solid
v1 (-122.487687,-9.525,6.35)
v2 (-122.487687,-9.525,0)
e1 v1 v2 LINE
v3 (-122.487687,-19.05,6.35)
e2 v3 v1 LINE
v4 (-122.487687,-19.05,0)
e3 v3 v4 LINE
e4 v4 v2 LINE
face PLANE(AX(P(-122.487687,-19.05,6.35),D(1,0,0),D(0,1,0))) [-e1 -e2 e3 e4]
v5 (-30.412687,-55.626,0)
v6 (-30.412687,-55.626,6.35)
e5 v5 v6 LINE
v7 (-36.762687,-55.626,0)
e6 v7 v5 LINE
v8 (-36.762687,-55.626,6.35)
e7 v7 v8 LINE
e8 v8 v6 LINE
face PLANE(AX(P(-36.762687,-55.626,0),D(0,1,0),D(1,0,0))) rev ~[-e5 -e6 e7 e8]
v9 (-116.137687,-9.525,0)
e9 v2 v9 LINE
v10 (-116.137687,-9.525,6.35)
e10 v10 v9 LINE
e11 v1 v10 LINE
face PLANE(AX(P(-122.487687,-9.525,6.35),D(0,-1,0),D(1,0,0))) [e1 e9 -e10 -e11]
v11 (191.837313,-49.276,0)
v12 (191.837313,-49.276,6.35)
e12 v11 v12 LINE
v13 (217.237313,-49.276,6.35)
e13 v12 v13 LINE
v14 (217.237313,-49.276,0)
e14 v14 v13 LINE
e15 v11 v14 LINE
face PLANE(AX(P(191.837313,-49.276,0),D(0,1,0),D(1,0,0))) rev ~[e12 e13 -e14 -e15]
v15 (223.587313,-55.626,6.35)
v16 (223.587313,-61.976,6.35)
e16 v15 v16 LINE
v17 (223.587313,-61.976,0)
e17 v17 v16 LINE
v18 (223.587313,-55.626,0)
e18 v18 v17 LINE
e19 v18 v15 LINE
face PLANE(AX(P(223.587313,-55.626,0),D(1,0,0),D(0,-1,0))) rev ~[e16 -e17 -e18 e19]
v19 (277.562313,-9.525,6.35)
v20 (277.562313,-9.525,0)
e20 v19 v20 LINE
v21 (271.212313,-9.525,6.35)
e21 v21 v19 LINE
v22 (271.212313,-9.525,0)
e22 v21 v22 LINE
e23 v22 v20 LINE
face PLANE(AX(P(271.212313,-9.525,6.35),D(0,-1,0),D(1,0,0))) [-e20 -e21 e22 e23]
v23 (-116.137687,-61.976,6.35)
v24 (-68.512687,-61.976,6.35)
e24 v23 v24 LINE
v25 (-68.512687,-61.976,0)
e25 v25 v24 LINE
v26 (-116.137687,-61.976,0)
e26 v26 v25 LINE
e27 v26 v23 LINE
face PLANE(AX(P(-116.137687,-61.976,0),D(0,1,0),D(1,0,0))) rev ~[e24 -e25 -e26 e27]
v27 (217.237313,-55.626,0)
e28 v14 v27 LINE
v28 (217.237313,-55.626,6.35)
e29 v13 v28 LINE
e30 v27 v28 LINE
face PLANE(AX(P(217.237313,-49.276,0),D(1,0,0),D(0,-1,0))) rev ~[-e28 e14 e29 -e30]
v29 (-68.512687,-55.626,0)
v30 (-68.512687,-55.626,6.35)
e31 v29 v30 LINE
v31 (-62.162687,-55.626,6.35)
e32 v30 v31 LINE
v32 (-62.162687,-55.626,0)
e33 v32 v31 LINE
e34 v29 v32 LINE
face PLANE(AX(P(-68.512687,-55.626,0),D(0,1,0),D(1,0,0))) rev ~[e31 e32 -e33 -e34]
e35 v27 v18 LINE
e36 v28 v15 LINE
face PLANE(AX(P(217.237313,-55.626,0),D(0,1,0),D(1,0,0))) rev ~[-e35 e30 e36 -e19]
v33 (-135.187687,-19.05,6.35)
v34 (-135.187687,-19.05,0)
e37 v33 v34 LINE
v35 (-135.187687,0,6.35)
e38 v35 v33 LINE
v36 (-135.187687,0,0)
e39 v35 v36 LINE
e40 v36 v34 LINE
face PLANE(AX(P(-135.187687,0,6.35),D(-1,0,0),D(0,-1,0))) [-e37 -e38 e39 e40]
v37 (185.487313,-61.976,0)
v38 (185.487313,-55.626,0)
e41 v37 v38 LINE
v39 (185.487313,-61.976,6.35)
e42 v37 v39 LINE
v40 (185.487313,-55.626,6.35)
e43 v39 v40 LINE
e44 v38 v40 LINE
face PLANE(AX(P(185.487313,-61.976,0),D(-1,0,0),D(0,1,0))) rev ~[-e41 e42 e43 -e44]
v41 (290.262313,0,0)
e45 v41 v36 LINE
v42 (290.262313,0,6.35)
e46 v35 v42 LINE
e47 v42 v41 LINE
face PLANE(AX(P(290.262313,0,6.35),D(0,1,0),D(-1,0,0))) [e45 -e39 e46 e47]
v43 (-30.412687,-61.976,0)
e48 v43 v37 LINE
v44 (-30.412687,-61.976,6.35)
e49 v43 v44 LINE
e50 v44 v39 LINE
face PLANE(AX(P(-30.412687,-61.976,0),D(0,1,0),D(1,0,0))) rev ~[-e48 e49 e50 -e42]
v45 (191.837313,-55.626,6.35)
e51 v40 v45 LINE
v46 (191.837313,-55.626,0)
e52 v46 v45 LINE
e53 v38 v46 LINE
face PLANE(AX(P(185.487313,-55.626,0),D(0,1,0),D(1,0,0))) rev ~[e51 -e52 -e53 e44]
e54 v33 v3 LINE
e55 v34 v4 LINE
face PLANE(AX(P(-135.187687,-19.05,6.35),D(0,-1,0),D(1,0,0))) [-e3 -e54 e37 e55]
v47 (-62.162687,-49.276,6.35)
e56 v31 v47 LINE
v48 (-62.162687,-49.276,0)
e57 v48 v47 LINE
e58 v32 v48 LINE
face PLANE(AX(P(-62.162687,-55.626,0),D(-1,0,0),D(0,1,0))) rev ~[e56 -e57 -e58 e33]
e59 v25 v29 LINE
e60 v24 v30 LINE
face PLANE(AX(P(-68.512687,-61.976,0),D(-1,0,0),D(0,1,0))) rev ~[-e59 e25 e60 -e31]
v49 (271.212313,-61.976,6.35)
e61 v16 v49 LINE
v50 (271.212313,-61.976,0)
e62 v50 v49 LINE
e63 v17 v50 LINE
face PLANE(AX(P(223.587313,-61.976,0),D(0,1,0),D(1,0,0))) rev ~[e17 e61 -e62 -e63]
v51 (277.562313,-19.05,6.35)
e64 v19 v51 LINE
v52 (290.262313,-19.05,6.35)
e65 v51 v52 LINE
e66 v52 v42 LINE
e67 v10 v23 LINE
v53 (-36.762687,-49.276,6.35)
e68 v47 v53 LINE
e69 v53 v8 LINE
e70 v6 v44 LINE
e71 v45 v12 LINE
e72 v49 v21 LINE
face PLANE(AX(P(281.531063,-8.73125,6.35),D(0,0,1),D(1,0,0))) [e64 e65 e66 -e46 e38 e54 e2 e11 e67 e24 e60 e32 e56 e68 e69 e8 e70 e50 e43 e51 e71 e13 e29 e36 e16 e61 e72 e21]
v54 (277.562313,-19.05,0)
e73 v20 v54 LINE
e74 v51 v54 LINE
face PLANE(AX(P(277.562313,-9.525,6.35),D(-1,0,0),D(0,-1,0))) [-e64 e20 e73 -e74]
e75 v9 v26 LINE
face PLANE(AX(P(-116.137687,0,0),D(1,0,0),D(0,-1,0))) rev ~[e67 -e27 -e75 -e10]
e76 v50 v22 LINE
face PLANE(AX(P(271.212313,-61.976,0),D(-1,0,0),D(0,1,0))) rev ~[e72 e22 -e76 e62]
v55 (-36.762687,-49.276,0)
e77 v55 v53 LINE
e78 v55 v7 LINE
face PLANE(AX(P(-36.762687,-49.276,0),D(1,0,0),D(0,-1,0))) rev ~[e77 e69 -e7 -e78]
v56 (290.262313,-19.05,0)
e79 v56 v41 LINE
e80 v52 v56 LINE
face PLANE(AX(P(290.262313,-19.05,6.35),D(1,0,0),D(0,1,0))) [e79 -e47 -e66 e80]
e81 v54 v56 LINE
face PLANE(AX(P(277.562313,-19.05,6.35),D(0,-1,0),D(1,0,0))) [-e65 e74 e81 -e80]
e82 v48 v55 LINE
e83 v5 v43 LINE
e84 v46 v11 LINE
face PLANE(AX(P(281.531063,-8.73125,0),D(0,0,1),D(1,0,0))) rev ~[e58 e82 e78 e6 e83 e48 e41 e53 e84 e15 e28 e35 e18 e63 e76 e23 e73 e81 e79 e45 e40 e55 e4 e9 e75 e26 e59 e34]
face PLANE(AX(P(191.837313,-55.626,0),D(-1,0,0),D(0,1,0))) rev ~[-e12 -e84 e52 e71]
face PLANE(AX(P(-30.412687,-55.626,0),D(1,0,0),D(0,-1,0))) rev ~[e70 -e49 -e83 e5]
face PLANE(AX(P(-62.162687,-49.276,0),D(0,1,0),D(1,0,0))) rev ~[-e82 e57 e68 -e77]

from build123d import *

# Parameters (mm, degrees)
F1_DEPTH = 6.35
F3_DEPTH = 6.35


with BuildPart() as f1:
    # F0 (on Top) → F1 (new body)
    with BuildSketch(Plane.XY):
        Polygon((-116.137687, 0), (-116.137687, -61.976), (-68.512687, -61.976), (-68.512687, -55.626), (-62.162687, -55.626), (-62.162687, -49.276), (-36.762687, -49.276), (-36.762687, -55.626), (-30.412687, -55.626), (-30.412687, -61.976), (185.487313, -61.976), (185.487313, -55.626), (191.837313, -55.626), (191.837313, -49.276), (217.237313, -49.276), (217.237313, -55.626), (223.587313, -55.626), (223.587313, -61.976), (271.212313, -61.976), (271.212313, 0), align=None)
    extrude(amount=F1_DEPTH)

    # F2 (on face) → F3 (join)
    with BuildSketch(Plane.XY.offset(6.35)):
        Polygon((290.262313, 0), (271.212313, 0), (271.212313, -9.525), (277.562313, -9.525), (277.562313, -19.05), (290.262313, -19.05), align=None)
        Polygon((-116.137687, -9.525), (-116.137687, 0), (-135.187687, 0), (-135.187687, -19.05), (-122.487687, -19.05), (-122.487687, -9.525), align=None)
    extrude(amount=-F3_DEPTH)


solid = f1.part
